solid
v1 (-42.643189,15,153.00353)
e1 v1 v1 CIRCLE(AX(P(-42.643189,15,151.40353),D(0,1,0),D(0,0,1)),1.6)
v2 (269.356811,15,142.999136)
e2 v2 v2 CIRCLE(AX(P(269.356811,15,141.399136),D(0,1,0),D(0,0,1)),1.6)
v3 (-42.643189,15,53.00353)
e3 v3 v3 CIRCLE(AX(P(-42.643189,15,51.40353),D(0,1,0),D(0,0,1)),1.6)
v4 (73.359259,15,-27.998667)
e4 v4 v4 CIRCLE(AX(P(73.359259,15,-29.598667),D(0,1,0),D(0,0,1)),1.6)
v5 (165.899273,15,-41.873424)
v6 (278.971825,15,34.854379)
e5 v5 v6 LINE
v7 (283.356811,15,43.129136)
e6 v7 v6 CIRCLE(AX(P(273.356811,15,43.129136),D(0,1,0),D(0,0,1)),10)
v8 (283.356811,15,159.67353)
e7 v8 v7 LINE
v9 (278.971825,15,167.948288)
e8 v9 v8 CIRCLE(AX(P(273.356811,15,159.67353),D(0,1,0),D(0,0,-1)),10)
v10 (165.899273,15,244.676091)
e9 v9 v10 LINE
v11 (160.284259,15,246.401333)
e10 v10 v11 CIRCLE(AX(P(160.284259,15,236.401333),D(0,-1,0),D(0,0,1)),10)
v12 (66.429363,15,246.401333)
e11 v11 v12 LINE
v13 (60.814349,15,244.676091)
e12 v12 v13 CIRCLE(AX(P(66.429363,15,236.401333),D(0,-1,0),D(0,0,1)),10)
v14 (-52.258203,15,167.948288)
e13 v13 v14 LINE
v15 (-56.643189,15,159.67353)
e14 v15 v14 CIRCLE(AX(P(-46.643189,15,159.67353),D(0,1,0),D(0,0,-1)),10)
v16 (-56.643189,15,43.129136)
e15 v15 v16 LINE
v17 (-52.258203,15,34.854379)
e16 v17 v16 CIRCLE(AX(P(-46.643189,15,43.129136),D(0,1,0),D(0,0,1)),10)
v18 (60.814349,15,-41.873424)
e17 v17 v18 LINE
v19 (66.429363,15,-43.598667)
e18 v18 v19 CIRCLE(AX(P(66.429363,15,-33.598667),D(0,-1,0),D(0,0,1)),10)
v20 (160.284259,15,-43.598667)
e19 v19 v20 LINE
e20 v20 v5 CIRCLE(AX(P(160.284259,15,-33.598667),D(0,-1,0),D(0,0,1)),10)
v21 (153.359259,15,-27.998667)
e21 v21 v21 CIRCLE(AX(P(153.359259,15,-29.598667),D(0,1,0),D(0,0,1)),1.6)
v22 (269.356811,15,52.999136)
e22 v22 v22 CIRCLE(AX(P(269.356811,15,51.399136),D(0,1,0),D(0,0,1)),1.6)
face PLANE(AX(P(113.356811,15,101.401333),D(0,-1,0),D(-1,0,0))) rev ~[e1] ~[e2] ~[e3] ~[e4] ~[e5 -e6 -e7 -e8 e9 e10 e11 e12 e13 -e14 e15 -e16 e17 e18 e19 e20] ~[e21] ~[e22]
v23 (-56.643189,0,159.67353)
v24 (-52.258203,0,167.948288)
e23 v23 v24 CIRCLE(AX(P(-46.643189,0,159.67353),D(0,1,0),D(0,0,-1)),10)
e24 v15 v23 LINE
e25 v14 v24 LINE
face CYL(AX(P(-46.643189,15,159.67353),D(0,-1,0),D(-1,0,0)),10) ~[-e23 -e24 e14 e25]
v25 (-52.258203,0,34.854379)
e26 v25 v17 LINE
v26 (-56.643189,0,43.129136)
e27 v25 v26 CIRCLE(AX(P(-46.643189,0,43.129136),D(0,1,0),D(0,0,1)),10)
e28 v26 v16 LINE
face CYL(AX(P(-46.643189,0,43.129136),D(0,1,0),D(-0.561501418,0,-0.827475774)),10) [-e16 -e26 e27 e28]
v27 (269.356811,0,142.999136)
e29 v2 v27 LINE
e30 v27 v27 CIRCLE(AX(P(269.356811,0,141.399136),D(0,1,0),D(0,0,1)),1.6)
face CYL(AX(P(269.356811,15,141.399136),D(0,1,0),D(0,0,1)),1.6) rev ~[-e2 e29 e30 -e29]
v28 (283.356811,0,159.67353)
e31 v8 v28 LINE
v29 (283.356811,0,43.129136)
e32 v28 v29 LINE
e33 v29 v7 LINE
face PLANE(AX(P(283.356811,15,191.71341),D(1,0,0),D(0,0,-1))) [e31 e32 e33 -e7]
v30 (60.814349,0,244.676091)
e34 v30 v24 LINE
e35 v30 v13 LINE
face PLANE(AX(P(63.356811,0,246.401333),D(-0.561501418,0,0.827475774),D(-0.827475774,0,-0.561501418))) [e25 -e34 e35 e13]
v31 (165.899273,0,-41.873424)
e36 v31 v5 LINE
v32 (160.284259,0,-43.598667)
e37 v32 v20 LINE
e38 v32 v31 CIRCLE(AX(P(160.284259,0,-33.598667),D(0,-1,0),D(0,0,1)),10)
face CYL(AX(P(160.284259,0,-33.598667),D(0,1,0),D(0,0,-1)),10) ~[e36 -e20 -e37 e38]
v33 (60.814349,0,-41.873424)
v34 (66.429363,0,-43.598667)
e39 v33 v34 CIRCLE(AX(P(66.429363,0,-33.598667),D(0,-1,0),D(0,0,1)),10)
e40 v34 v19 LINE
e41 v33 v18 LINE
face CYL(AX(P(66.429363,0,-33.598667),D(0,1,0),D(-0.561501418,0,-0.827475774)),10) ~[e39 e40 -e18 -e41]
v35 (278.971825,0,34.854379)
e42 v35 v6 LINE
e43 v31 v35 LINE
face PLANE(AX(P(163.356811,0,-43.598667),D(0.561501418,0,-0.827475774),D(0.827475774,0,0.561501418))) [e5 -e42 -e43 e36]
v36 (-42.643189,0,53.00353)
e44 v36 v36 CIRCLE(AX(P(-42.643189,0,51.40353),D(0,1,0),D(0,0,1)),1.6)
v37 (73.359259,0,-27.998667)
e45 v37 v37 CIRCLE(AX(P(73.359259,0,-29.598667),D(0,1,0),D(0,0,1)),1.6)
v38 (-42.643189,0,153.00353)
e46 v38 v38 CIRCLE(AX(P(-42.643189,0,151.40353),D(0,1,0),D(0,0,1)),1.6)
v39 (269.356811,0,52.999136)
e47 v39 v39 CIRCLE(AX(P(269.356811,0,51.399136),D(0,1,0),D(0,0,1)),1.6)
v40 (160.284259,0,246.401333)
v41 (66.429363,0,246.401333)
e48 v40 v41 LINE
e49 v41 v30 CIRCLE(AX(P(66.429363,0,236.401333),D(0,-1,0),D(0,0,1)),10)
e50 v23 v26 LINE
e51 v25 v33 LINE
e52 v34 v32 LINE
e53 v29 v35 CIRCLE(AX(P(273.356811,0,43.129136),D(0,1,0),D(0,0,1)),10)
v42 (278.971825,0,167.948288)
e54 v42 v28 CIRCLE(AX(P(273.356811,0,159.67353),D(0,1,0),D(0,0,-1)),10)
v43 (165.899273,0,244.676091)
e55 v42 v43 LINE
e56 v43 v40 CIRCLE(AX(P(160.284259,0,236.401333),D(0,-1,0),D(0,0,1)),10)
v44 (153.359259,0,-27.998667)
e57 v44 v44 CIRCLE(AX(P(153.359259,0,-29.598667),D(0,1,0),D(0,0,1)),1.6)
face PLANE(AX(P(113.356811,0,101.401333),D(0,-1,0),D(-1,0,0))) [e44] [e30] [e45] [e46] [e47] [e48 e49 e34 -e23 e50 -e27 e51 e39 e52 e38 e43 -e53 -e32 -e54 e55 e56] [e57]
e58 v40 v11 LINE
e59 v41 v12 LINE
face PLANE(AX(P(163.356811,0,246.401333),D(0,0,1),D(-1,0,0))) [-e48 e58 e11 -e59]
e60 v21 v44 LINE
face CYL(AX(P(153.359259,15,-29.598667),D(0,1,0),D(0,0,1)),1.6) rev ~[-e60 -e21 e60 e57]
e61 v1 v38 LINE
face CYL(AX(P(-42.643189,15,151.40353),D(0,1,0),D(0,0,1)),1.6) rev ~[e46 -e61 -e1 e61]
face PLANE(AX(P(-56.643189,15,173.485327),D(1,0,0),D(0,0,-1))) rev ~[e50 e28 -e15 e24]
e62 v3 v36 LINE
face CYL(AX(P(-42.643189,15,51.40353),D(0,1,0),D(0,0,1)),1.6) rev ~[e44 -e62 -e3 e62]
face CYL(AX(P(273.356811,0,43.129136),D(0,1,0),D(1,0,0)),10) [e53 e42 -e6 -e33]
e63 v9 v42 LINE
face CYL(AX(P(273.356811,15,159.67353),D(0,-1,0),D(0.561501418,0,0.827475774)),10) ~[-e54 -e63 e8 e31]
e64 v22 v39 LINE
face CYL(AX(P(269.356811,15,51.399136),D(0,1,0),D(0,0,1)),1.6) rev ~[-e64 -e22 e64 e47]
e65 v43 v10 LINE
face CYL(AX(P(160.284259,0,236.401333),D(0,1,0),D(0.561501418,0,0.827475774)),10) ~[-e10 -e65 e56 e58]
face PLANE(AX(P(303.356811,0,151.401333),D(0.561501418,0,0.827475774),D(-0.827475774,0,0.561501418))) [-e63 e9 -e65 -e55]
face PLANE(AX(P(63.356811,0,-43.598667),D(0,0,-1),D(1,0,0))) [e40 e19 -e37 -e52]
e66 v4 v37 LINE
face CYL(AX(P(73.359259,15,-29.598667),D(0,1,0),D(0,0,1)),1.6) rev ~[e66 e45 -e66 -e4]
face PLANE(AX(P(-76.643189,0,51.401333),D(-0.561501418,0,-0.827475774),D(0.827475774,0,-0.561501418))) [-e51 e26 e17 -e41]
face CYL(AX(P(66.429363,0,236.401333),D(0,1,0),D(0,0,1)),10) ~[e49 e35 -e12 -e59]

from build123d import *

# Parameters (mm, degrees)
BOSS_EXTRU_1_DEPTH       = 15
CONG_10_R                = 10
ENL_V_MAT_EXTRU_13_REACH = 393.106
ESQUISSE13_W             = 20
ESQUISSE13_H             = 143.033455182
ESQUISSE13_H_2           = 181.308681646
CONG_12_R                = 10
ENL_V_MAT_EXTRU_14_REACH = 377.805
ESQUISSE14_R             = 1.6


with BuildPart() as part:
    # Esquisse1 → Boss.-Extru.1 (new body)
    with BuildSketch(Plane(origin=(0, 0, 0), x_dir=(1, 0, 0), z_dir=(0, 1, 0))):
        Polygon((-76.643189126, -51.401333399), (63.356810874, 43.598666601), (163.356810874, 43.598666601), (303.356810874, -51.401333399), (303.356810874, -151.401333399), (163.356810874, -246.401333399), (63.356810874, -246.401333399), (-76.643189126, -151.401333399), align=None)
    extrude(amount=BOSS_EXTRU_1_DEPTH)

    # Congé10
    cong_10_edges = [part.edges().sort_by_distance(p)[0] for p in [
        (-76.643189126, 7.5, 51.401333399),
        (63.356810874, 7.5, -43.598666601),
        (163.356810874, 7.5, -43.598666601),
        (303.356810874, 7.5, 51.401333399),
        (303.356810874, 7.5, 151.401333399),
        (163.356810874, 7.5, 246.401333399),
        (63.356810874, 7.5, 246.401333399),
        (-76.643189126, 7.5, 151.401333399),
    ]]
    fillet(cong_10_edges, radius=CONG_10_R)

    # Esquisse13 → Enlèv. mat.-Extru.13 (cut, up to next)
    with BuildSketch(Plane(origin=(0, 15, 0), x_dir=(1, 0, 0), z_dir=(0, 1, 0)), mode=Mode.PRIVATE) as enl_v_mat_extru_13_sk1:
        with Locations((-66.643189126, -101.968599131)):
            Rectangle(ESQUISSE13_W, ESQUISSE13_H)
    enl_v_mat_extru_13_tool1 = extrude(enl_v_mat_extru_13_sk1.sketch, amount=-ENL_V_MAT_EXTRU_13_REACH, mode=Mode.PRIVATE) & part.part
    # Esquisse13 → Enlèv. mat.-Extru.13 (cut, up to next)
    with BuildSketch(Plane(origin=(0, 15, 0), x_dir=(1, 0, 0), z_dir=(0, 1, 0)), mode=Mode.PRIVATE) as enl_v_mat_extru_13_sk2:
        with Locations((293.356810874, -101.059068944)):
            Rectangle(ESQUISSE13_W, ESQUISSE13_H_2)
    enl_v_mat_extru_13_tool2 = extrude(enl_v_mat_extru_13_sk2.sketch, amount=-ENL_V_MAT_EXTRU_13_REACH, mode=Mode.PRIVATE) & part.part
    add(enl_v_mat_extru_13_tool1.solids().sort_by_distance((-66.643189, 15, 101.968599))[0], mode=Mode.SUBTRACT)
    add(enl_v_mat_extru_13_tool2.solids().sort_by_distance((293.356811, 15, 101.059069))[0], mode=Mode.SUBTRACT)

    # Congé12
    cong_12_edges = [part.edges().sort_by_distance(p)[0] for p in [
        (-56.643189126, 7.5, 37.829904828),
        (-56.643189126, 7.5, 164.97276197),
        (283.356810874, 7.5, 37.829904828),
        (283.356810874, 7.5, 164.97276197),
    ]]
    fillet(cong_12_edges, radius=CONG_12_R)

    # Esquisse14 → Enlèv. mat.-Extru.14 (cut, up to next)
    with BuildSketch(Plane(origin=(0, 15, 0), x_dir=(1, 0, 0), z_dir=(0, 1, 0)), mode=Mode.PRIVATE) as enl_v_mat_extru_14_sk1:
        with Locations(Location((-42.643189126, -51.403530316, 0), (0, 0, 270))):
            Circle(ESQUISSE14_R)
    enl_v_mat_extru_14_tool1 = extrude(enl_v_mat_extru_14_sk1.sketch, amount=-ENL_V_MAT_EXTRU_14_REACH, mode=Mode.PRIVATE) & part.part
    # Esquisse14 → Enlèv. mat.-Extru.14 (cut, up to next)
    with BuildSketch(Plane(origin=(0, 15, 0), x_dir=(1, 0, 0), z_dir=(0, 1, 0)), mode=Mode.PRIVATE) as enl_v_mat_extru_14_sk2:
        with Locations(Location((-42.643189126, -151.403530316, 0), (0, 0, 270))):
            Circle(ESQUISSE14_R)
    enl_v_mat_extru_14_tool2 = extrude(enl_v_mat_extru_14_sk2.sketch, amount=-ENL_V_MAT_EXTRU_14_REACH, mode=Mode.PRIVATE) & part.part
    # Esquisse14 → Enlèv. mat.-Extru.14 (cut, up to next)
    with BuildSketch(Plane(origin=(0, 15, 0), x_dir=(1, 0, 0), z_dir=(0, 1, 0)), mode=Mode.PRIVATE) as enl_v_mat_extru_14_sk3:
        with Locations(Location((73.359258963, 29.598666601, 0), (0, 0, 270))):
            Circle(ESQUISSE14_R)
    enl_v_mat_extru_14_tool3 = extrude(enl_v_mat_extru_14_sk3.sketch, amount=-ENL_V_MAT_EXTRU_14_REACH, mode=Mode.PRIVATE) & part.part
    # Esquisse14 → Enlèv. mat.-Extru.14 (cut, up to next)
    with BuildSketch(Plane(origin=(0, 15, 0), x_dir=(1, 0, 0), z_dir=(0, 1, 0)), mode=Mode.PRIVATE) as enl_v_mat_extru_14_sk4:
        with Locations(Location((153.359258963, 29.598666601, 0), (0, 0, 270))):
            Circle(ESQUISSE14_R)
    enl_v_mat_extru_14_tool4 = extrude(enl_v_mat_extru_14_sk4.sketch, amount=-ENL_V_MAT_EXTRU_14_REACH, mode=Mode.PRIVATE) & part.part
    # Esquisse14 → Enlèv. mat.-Extru.14 (cut, up to next)
    with BuildSketch(Plane(origin=(0, 15, 0), x_dir=(1, 0, 0), z_dir=(0, 1, 0)), mode=Mode.PRIVATE) as enl_v_mat_extru_14_sk5:
        with Locations(Location((269.356810874, -51.399136482, 0), (0, 0, 270))):
            Circle(ESQUISSE14_R)
    enl_v_mat_extru_14_tool5 = extrude(enl_v_mat_extru_14_sk5.sketch, amount=-ENL_V_MAT_EXTRU_14_REACH, mode=Mode.PRIVATE) & part.part
    # Esquisse14 → Enlèv. mat.-Extru.14 (cut, up to next)
    with BuildSketch(Plane(origin=(0, 15, 0), x_dir=(1, 0, 0), z_dir=(0, 1, 0)), mode=Mode.PRIVATE) as enl_v_mat_extru_14_sk6:
        with Locations(Location((269.356810874, -141.399136482, 0), (0, 0, 270))):
            Circle(ESQUISSE14_R)
    enl_v_mat_extru_14_tool6 = extrude(enl_v_mat_extru_14_sk6.sketch, amount=-ENL_V_MAT_EXTRU_14_REACH, mode=Mode.PRIVATE) & part.part
    add(enl_v_mat_extru_14_tool1.solids().sort_by_distance((-42.643189, 15, 51.40353))[0], mode=Mode.SUBTRACT)
    add(enl_v_mat_extru_14_tool2.solids().sort_by_distance((-42.643189, 15, 151.40353))[0], mode=Mode.SUBTRACT)
    add(enl_v_mat_extru_14_tool3.solids().sort_by_distance((73.359259, 15, -29.598667))[0], mode=Mode.SUBTRACT)
    add(enl_v_mat_extru_14_tool4.solids().sort_by_distance((153.359259, 15, -29.598667))[0], mode=Mode.SUBTRACT)
    add(enl_v_mat_extru_14_tool5.solids().sort_by_distance((269.356811, 15, 51.399136))[0], mode=Mode.SUBTRACT)
    add(enl_v_mat_extru_14_tool6.solids().sort_by_distance((269.356811, 15, 141.399136))[0], mode=Mode.SUBTRACT)


solid = part.part
